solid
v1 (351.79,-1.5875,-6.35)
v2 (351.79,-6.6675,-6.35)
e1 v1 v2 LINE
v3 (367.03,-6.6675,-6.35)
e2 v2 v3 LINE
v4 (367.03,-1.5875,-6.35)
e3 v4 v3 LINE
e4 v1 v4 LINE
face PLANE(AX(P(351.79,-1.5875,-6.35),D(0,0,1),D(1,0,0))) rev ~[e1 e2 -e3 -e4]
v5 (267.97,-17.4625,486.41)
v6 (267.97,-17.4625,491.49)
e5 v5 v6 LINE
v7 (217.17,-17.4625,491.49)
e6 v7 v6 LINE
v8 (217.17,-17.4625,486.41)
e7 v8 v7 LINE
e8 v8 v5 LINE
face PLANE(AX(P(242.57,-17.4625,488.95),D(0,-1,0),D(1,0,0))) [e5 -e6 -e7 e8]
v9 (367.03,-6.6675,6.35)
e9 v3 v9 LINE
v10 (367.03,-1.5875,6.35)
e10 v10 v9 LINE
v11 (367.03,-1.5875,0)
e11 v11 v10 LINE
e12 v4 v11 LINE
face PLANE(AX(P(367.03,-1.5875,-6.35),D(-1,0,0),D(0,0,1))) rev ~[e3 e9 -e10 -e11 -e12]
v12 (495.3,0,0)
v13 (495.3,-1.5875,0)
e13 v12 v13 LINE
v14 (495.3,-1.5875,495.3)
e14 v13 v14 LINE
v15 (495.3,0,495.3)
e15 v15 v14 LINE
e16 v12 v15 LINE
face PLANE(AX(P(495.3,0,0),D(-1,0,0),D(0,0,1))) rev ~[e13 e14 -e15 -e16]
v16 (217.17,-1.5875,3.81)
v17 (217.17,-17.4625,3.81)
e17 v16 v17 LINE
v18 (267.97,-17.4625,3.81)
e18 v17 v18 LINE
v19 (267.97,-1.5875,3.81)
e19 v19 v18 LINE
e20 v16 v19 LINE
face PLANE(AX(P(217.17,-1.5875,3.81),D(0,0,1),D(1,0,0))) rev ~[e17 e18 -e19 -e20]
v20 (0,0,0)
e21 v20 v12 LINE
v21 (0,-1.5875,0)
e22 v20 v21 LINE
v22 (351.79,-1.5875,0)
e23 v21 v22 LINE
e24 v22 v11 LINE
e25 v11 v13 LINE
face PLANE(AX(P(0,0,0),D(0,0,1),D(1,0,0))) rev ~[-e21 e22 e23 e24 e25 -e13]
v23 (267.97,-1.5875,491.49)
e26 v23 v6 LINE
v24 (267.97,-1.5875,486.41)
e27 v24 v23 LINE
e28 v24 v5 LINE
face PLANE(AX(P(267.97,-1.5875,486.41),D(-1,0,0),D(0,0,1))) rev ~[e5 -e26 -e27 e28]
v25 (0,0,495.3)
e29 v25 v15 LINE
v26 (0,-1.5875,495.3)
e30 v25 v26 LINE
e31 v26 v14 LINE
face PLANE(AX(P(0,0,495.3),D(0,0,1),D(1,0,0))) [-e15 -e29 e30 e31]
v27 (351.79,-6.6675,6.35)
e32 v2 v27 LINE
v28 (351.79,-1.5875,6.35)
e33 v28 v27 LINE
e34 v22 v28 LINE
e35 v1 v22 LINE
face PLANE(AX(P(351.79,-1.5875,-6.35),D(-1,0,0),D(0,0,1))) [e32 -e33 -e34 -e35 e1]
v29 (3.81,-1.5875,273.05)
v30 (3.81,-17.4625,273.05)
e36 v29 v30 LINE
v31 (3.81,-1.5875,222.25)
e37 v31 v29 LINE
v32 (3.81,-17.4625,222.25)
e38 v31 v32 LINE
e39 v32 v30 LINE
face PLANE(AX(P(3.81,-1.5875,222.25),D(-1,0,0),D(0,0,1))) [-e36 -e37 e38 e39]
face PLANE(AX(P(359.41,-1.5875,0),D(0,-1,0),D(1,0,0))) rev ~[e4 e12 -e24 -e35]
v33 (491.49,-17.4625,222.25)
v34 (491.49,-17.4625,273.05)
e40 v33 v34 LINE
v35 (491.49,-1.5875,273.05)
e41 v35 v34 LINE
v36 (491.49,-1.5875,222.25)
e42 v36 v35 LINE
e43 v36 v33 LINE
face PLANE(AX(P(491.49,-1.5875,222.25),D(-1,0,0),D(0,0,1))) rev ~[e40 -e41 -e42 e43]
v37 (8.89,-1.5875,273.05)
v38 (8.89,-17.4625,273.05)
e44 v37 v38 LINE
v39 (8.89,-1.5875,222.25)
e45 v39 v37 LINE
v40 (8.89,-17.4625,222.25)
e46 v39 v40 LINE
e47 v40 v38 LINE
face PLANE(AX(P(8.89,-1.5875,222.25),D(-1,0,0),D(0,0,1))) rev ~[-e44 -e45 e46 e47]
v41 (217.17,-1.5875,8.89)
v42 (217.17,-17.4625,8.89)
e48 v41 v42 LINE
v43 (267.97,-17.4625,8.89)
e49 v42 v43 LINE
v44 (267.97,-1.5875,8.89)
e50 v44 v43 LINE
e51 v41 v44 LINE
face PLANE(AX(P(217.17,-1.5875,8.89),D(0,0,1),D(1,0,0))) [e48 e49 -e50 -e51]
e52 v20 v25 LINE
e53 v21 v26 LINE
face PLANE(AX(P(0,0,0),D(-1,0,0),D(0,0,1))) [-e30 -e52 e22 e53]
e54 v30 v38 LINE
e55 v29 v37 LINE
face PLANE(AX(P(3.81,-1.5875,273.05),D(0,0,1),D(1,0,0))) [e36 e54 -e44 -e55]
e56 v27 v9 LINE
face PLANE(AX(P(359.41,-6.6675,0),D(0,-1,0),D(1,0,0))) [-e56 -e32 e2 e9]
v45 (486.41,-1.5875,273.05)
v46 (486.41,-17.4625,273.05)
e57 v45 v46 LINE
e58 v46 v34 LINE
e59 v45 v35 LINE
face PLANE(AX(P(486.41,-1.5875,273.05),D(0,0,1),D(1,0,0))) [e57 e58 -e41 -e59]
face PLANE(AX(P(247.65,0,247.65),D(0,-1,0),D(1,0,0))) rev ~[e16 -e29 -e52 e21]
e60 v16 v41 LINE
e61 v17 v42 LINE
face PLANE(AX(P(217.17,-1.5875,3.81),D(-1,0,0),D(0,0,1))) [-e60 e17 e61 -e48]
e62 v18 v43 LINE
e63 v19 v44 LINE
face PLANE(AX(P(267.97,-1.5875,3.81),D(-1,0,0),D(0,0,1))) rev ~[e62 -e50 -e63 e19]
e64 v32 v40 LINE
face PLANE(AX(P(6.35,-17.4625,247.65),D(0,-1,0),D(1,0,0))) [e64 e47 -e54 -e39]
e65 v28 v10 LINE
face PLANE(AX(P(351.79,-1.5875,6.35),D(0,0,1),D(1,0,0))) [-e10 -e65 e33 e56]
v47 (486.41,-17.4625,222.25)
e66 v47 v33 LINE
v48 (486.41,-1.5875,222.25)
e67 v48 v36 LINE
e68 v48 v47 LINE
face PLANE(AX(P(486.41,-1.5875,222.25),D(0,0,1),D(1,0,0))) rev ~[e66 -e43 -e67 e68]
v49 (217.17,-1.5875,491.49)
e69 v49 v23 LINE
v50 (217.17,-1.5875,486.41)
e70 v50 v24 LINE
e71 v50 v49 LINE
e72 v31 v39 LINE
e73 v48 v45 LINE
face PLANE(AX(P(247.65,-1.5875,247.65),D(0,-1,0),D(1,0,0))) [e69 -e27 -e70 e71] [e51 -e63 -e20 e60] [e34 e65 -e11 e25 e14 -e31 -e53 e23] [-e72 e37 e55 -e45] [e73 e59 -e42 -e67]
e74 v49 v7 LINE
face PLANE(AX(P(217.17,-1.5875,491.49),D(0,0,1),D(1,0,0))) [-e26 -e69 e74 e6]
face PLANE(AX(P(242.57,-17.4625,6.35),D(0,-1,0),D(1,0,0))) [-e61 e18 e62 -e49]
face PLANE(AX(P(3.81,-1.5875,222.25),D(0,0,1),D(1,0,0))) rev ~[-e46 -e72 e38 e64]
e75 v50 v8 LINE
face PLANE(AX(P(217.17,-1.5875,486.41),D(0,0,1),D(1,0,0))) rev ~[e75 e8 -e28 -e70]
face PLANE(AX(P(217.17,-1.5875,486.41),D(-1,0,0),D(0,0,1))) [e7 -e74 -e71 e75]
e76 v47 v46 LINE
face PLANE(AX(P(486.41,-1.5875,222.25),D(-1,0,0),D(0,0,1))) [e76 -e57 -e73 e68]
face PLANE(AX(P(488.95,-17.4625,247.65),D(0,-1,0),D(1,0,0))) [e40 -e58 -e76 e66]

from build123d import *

# Parameters (mm, degrees)
SKETCH_W     = 495.3
SKETCH_H     = 495.3
PAD_DEPTH    = 1.5875
BOX_W        = 5.08
BOX_H        = 50.8
BOX_DEPTH    = 15.875
BOX001_W     = 5.08
BOX001_H     = 50.8
BOX001_DEPTH = 15.875
BOX002_W     = 50.8
BOX002_H     = 5.08
BOX002_DEPTH = 15.875
BOX003_W     = 50.8
BOX003_H     = 5.08
BOX003_DEPTH = 15.875
BOX004_W     = 15.24
BOX004_H     = 12.7
BOX004_DEPTH = 5.08


with BuildPart() as part:
    # Sketch → Pad (new body)
    with BuildSketch(Plane.XZ):
        with Locations((247.65, 247.65)):
            Rectangle(SKETCH_W, SKETCH_H)
    extrude(amount=PAD_DEPTH)

    # Box → Box (join)
    with BuildSketch(Plane(origin=(3.81, -1.5875, 222.25), x_dir=(1, 0, 0), z_dir=(0, -1, 0))):
        with Locations((2.54, 25.4)):
            Rectangle(BOX_W, BOX_H)
    extrude(amount=BOX_DEPTH)

    # Box001 → Box001 (join)
    with BuildSketch(Plane(origin=(486.41, -1.5875, 222.25), x_dir=(1, 0, 0), z_dir=(0, -1, 0))):
        with Locations((2.54, 25.4)):
            Rectangle(BOX001_W, BOX001_H)
    extrude(amount=BOX001_DEPTH)

    # Box002 → Box002 (join)
    with BuildSketch(Plane(origin=(217.17, -1.5875, 3.81), x_dir=(1, 0, 0), z_dir=(0, -1, 0))):
        with Locations((25.4, 2.54)):
            Rectangle(BOX002_W, BOX002_H)
    extrude(amount=BOX002_DEPTH)

    # Box003 → Box003 (join)
    with BuildSketch(Plane(origin=(217.17, -1.5875, 486.41), x_dir=(1, 0, 0), z_dir=(0, -1, 0))):
        with Locations((25.4, 2.54)):
            Rectangle(BOX003_W, BOX003_H)
    extrude(amount=BOX003_DEPTH)

    # Box004 → Box004 (join)
    with BuildSketch(Plane(origin=(351.79, -1.5875, -6.35), x_dir=(1, 0, 0), z_dir=(0, -1, 0))):
        with Locations((7.62, 6.35)):
            Rectangle(BOX004_W, BOX004_H)
    extrude(amount=BOX004_DEPTH)


solid = part.part
